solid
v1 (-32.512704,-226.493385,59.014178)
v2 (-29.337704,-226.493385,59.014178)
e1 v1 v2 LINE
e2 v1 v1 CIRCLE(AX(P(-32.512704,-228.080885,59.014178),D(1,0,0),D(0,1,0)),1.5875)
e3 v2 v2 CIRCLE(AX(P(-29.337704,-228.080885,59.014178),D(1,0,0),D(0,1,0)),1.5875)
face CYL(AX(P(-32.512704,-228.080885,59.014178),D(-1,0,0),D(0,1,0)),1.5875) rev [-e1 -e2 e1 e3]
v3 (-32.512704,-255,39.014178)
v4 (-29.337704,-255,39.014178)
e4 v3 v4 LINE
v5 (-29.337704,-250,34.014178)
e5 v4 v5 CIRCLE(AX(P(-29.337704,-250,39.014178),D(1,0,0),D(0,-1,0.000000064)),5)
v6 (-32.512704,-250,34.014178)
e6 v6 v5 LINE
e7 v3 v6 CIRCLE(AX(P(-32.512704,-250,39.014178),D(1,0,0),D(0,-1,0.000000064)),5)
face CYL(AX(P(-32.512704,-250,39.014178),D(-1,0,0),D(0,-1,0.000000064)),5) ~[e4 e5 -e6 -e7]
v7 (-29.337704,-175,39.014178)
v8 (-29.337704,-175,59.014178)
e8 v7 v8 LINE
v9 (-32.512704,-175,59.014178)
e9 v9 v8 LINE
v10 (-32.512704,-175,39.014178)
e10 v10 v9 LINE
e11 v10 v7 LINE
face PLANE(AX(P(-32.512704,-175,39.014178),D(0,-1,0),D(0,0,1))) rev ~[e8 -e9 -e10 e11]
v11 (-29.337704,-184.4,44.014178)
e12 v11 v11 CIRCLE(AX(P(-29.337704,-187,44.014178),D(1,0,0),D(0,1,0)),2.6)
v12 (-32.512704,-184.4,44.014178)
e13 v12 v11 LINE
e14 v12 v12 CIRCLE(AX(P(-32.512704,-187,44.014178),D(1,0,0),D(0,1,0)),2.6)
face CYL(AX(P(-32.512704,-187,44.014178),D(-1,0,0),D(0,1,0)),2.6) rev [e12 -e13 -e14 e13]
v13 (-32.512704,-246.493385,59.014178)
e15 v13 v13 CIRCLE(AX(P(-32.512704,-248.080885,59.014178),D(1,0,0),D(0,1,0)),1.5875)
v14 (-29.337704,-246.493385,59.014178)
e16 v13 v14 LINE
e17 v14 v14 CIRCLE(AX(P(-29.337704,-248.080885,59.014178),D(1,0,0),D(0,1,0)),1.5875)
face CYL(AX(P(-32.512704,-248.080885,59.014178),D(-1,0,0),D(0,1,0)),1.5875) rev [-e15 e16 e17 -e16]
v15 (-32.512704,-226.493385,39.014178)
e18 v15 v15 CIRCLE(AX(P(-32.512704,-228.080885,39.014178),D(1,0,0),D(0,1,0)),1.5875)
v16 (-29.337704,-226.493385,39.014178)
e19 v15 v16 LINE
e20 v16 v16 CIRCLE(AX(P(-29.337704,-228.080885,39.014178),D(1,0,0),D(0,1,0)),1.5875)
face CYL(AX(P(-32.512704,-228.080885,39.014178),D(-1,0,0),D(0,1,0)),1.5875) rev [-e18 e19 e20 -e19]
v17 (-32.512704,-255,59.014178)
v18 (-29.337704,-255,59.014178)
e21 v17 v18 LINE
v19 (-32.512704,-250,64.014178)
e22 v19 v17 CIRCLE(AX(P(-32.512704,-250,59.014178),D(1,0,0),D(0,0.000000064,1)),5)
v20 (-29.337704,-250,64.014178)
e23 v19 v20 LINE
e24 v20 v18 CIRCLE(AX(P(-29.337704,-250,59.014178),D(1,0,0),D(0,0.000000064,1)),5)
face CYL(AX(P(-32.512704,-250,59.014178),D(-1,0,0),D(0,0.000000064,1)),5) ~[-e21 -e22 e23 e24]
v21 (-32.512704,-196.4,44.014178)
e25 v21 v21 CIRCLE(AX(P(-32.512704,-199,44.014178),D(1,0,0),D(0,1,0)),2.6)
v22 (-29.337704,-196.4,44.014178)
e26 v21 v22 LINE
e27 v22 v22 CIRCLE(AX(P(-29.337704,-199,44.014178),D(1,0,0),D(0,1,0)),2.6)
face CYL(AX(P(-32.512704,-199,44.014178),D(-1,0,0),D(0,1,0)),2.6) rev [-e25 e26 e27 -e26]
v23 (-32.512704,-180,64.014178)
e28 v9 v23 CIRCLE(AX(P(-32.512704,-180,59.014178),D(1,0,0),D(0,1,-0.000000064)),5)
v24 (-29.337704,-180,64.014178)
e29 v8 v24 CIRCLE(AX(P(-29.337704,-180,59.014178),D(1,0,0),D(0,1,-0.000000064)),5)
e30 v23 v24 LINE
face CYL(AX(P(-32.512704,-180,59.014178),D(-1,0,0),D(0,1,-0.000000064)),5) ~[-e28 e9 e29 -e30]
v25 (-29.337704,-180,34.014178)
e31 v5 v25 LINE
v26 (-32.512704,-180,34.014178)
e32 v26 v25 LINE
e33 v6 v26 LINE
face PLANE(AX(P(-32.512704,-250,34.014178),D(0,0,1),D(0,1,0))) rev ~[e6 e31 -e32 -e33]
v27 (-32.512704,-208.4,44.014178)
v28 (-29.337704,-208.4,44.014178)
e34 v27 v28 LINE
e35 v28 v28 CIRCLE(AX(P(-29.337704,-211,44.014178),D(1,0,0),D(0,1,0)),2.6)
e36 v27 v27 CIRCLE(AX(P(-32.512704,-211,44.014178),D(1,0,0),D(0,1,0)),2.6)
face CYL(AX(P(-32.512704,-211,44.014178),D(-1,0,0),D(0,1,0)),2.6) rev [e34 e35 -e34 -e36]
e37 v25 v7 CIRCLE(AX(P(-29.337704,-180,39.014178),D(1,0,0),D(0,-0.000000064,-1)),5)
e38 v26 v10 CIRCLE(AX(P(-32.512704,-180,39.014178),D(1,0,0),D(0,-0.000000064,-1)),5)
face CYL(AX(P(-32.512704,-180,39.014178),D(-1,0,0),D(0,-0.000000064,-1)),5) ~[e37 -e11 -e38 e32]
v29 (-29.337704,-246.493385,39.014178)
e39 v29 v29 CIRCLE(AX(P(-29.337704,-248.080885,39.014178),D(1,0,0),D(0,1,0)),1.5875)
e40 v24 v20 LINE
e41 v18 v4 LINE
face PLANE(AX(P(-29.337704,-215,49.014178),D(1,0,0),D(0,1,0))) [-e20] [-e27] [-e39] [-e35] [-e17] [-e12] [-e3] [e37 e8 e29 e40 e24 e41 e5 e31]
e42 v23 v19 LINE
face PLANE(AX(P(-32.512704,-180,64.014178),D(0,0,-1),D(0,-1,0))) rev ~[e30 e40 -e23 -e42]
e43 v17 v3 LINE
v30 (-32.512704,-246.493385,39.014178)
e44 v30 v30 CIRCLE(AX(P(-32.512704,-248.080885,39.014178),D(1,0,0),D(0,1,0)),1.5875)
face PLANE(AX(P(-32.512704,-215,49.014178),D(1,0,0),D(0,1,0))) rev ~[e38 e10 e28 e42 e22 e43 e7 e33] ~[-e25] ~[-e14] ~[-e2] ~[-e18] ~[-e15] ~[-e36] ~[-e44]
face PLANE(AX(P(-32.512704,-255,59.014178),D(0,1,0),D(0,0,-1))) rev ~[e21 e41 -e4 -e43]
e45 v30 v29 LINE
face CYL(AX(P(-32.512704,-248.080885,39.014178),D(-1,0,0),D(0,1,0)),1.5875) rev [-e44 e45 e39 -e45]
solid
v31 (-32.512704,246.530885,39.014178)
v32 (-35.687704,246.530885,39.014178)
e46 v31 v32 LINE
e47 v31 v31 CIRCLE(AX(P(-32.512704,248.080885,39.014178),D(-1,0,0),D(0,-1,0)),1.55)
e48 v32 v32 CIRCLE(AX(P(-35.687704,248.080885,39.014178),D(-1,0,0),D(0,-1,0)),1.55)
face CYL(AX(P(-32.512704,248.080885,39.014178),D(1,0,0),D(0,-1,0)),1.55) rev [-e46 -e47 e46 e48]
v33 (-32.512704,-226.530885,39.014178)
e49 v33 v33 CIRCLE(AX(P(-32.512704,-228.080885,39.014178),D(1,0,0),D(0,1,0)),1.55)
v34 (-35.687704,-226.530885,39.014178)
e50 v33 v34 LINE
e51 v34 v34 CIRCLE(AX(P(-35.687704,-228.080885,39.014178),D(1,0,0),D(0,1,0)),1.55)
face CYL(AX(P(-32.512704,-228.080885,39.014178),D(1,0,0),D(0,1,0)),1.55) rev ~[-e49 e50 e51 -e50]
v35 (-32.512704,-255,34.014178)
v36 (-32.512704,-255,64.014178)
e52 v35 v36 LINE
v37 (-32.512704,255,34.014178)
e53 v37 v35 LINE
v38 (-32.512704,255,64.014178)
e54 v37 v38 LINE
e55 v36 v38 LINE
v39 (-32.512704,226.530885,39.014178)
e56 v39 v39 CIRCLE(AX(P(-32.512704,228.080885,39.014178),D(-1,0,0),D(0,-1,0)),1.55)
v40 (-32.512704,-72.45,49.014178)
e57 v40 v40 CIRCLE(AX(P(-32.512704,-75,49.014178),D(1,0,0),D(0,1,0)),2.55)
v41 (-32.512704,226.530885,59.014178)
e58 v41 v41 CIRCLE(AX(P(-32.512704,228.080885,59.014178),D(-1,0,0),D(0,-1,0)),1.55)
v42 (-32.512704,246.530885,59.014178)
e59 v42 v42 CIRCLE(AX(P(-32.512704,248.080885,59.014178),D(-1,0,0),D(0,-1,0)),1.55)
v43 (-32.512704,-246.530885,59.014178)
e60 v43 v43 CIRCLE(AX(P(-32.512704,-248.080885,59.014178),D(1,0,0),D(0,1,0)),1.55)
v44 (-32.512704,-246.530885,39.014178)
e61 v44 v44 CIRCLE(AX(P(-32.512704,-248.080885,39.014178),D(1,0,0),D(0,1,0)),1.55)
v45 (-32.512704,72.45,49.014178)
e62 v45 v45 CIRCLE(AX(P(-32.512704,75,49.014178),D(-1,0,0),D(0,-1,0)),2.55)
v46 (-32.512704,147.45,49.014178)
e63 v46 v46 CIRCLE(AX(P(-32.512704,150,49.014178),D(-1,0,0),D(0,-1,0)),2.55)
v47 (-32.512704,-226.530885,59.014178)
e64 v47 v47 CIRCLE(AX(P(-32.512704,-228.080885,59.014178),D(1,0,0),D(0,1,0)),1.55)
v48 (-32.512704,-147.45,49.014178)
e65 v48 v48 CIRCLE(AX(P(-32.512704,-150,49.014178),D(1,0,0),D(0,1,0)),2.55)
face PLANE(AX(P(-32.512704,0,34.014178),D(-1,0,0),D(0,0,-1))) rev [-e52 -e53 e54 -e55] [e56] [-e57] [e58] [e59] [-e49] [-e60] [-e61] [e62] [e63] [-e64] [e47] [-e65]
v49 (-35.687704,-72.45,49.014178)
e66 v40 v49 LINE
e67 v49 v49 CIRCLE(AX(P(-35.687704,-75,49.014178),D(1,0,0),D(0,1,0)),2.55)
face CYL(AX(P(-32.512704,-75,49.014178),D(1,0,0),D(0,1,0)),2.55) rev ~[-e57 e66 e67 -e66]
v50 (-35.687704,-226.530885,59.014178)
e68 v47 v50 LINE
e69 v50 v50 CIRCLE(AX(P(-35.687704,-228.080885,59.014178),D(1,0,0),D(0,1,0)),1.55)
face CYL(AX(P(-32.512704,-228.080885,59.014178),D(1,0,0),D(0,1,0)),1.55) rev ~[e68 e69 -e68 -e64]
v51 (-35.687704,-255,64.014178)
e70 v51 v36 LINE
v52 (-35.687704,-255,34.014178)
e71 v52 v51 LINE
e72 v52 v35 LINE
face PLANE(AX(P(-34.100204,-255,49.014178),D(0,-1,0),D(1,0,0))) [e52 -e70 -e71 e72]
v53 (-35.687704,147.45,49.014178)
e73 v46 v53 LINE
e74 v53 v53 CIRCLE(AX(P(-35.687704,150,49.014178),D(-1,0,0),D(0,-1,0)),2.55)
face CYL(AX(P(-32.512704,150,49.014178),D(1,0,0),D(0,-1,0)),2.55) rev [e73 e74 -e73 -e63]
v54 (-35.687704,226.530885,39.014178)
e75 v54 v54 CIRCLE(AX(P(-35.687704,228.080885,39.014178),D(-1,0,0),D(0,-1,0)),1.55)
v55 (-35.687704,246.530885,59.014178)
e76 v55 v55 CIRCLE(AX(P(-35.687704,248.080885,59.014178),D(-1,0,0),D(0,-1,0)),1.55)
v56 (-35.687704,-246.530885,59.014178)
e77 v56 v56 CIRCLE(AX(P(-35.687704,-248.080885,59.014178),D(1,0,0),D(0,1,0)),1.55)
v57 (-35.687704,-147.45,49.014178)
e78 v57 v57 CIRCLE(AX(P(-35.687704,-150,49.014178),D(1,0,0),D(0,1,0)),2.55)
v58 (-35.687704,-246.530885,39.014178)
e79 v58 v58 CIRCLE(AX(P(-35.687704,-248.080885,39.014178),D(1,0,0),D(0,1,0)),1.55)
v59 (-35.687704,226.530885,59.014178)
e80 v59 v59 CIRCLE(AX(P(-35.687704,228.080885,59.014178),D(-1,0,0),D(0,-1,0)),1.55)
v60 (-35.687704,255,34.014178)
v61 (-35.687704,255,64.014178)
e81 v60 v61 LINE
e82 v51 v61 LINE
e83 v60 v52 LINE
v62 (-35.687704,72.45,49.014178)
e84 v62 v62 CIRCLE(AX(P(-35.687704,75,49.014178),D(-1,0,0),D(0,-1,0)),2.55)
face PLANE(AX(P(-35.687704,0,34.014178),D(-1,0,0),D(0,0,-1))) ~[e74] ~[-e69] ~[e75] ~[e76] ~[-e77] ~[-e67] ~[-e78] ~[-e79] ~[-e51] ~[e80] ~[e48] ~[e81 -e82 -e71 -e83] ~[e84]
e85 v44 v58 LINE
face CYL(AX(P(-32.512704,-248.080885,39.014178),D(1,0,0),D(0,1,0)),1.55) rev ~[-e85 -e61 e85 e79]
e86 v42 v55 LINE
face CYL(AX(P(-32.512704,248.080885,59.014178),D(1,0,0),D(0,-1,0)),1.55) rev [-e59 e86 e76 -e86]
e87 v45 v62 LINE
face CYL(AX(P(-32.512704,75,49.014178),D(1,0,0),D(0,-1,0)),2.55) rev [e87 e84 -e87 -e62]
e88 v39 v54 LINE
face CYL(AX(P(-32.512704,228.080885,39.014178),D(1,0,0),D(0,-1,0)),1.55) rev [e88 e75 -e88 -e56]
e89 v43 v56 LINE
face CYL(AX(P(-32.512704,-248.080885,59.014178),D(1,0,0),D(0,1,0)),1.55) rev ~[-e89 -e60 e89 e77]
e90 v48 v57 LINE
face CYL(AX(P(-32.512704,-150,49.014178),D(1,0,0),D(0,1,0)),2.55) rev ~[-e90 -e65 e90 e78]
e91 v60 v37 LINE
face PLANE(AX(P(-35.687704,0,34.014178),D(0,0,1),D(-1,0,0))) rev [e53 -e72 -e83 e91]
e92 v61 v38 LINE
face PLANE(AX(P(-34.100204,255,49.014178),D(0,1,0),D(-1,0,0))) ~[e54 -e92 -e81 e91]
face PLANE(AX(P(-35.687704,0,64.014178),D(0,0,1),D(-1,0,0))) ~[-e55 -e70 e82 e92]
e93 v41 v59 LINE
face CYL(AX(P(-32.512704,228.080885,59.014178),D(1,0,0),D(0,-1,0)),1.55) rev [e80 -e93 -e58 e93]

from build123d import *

# Parameters (mm, degrees)
F0_W     = 3.175
F0_H     = 30
F1_DEPTH = 255
F2_R     = 1.55
F2_R_2   = 2.55
F3_DEPTH = 25
F5_R     = 1.5875
F5_R_2   = 2.6
F6_DEPTH = 3.175


with BuildPart() as f1:
    # F0 (on Front) → F1 (new body)
    with BuildSketch(Plane.XZ):
        with Locations((-34.100204, 49.014178)):
            Rectangle(F0_W, F0_H)
    extrude(amount=F1_DEPTH)

    # F2 (on face) → F3 (cut)
    with BuildSketch(Plane.YZ.offset(-32.512704)):
        with Locations((-248.080885, 59.014178)):
            Circle(F2_R)
        with Locations((-228.080885, 59.014178)):
            Circle(F2_R)
        with Locations((-228.080885, 39.014178)):
            Circle(F2_R)
        with Locations((-248.080885, 39.014178)):
            Circle(F2_R)
        with Locations((-150, 49.014178)):
            Circle(F2_R_2)
        with Locations((-75, 49.014178)):
            Circle(F2_R_2)
    extrude(amount=-F3_DEPTH, mode=Mode.SUBTRACT)

    # F4: F1 across face


with BuildPart() as f1_1:
    add(f1.part)
    add(f1.part.mirror(Plane(origin=(-34.100204, 0, 49.014178), x_dir=(1, 0, 0), z_dir=(0, 1, 0))))


with BuildPart() as f6:
    # F5 (on face) → F6 (new body)
    with BuildSketch(Plane.YZ.offset(-32.512704)):
        with BuildLine():
            Line((-180, 64.014178), (-250, 64.014178))
            ThreePointArc((-250, 64.014178), (-253.535534, 62.549712), (-255, 59.014178))
            Line((-255, 59.014178), (-255, 39.014178))
            ThreePointArc((-255, 39.014178), (-253.535534, 35.478644), (-250, 34.014178))
            Line((-250, 34.014178), (-180, 34.014178))
            ThreePointArc((-180, 34.014178), (-176.464466, 35.478644), (-175, 39.014178))
            Line((-175, 39.014178), (-175, 59.014178))
            ThreePointArc((-175, 59.014178), (-176.464466, 62.549712), (-180, 64.014178))
        make_face()
        with Locations((-248.080885, 39.014178)):
            Circle(F5_R, mode=Mode.SUBTRACT)
        with Locations((-228.080885, 39.014178)):
            Circle(F5_R, mode=Mode.SUBTRACT)
        with Locations((-211, 44.014178)):
            Circle(F5_R_2, mode=Mode.SUBTRACT)
        with Locations((-199, 44.014178)):
            Circle(F5_R_2, mode=Mode.SUBTRACT)
        with Locations((-187, 44.014178)):
            Circle(F5_R_2, mode=Mode.SUBTRACT)
        with Locations((-248.080885, 59.014178)):
            Circle(F5_R, mode=Mode.SUBTRACT)
        with Locations((-228.080885, 59.014178)):
            Circle(F5_R, mode=Mode.SUBTRACT)
    extrude(amount=F6_DEPTH)


solid = Compound([f1_1.part, f6.part])
